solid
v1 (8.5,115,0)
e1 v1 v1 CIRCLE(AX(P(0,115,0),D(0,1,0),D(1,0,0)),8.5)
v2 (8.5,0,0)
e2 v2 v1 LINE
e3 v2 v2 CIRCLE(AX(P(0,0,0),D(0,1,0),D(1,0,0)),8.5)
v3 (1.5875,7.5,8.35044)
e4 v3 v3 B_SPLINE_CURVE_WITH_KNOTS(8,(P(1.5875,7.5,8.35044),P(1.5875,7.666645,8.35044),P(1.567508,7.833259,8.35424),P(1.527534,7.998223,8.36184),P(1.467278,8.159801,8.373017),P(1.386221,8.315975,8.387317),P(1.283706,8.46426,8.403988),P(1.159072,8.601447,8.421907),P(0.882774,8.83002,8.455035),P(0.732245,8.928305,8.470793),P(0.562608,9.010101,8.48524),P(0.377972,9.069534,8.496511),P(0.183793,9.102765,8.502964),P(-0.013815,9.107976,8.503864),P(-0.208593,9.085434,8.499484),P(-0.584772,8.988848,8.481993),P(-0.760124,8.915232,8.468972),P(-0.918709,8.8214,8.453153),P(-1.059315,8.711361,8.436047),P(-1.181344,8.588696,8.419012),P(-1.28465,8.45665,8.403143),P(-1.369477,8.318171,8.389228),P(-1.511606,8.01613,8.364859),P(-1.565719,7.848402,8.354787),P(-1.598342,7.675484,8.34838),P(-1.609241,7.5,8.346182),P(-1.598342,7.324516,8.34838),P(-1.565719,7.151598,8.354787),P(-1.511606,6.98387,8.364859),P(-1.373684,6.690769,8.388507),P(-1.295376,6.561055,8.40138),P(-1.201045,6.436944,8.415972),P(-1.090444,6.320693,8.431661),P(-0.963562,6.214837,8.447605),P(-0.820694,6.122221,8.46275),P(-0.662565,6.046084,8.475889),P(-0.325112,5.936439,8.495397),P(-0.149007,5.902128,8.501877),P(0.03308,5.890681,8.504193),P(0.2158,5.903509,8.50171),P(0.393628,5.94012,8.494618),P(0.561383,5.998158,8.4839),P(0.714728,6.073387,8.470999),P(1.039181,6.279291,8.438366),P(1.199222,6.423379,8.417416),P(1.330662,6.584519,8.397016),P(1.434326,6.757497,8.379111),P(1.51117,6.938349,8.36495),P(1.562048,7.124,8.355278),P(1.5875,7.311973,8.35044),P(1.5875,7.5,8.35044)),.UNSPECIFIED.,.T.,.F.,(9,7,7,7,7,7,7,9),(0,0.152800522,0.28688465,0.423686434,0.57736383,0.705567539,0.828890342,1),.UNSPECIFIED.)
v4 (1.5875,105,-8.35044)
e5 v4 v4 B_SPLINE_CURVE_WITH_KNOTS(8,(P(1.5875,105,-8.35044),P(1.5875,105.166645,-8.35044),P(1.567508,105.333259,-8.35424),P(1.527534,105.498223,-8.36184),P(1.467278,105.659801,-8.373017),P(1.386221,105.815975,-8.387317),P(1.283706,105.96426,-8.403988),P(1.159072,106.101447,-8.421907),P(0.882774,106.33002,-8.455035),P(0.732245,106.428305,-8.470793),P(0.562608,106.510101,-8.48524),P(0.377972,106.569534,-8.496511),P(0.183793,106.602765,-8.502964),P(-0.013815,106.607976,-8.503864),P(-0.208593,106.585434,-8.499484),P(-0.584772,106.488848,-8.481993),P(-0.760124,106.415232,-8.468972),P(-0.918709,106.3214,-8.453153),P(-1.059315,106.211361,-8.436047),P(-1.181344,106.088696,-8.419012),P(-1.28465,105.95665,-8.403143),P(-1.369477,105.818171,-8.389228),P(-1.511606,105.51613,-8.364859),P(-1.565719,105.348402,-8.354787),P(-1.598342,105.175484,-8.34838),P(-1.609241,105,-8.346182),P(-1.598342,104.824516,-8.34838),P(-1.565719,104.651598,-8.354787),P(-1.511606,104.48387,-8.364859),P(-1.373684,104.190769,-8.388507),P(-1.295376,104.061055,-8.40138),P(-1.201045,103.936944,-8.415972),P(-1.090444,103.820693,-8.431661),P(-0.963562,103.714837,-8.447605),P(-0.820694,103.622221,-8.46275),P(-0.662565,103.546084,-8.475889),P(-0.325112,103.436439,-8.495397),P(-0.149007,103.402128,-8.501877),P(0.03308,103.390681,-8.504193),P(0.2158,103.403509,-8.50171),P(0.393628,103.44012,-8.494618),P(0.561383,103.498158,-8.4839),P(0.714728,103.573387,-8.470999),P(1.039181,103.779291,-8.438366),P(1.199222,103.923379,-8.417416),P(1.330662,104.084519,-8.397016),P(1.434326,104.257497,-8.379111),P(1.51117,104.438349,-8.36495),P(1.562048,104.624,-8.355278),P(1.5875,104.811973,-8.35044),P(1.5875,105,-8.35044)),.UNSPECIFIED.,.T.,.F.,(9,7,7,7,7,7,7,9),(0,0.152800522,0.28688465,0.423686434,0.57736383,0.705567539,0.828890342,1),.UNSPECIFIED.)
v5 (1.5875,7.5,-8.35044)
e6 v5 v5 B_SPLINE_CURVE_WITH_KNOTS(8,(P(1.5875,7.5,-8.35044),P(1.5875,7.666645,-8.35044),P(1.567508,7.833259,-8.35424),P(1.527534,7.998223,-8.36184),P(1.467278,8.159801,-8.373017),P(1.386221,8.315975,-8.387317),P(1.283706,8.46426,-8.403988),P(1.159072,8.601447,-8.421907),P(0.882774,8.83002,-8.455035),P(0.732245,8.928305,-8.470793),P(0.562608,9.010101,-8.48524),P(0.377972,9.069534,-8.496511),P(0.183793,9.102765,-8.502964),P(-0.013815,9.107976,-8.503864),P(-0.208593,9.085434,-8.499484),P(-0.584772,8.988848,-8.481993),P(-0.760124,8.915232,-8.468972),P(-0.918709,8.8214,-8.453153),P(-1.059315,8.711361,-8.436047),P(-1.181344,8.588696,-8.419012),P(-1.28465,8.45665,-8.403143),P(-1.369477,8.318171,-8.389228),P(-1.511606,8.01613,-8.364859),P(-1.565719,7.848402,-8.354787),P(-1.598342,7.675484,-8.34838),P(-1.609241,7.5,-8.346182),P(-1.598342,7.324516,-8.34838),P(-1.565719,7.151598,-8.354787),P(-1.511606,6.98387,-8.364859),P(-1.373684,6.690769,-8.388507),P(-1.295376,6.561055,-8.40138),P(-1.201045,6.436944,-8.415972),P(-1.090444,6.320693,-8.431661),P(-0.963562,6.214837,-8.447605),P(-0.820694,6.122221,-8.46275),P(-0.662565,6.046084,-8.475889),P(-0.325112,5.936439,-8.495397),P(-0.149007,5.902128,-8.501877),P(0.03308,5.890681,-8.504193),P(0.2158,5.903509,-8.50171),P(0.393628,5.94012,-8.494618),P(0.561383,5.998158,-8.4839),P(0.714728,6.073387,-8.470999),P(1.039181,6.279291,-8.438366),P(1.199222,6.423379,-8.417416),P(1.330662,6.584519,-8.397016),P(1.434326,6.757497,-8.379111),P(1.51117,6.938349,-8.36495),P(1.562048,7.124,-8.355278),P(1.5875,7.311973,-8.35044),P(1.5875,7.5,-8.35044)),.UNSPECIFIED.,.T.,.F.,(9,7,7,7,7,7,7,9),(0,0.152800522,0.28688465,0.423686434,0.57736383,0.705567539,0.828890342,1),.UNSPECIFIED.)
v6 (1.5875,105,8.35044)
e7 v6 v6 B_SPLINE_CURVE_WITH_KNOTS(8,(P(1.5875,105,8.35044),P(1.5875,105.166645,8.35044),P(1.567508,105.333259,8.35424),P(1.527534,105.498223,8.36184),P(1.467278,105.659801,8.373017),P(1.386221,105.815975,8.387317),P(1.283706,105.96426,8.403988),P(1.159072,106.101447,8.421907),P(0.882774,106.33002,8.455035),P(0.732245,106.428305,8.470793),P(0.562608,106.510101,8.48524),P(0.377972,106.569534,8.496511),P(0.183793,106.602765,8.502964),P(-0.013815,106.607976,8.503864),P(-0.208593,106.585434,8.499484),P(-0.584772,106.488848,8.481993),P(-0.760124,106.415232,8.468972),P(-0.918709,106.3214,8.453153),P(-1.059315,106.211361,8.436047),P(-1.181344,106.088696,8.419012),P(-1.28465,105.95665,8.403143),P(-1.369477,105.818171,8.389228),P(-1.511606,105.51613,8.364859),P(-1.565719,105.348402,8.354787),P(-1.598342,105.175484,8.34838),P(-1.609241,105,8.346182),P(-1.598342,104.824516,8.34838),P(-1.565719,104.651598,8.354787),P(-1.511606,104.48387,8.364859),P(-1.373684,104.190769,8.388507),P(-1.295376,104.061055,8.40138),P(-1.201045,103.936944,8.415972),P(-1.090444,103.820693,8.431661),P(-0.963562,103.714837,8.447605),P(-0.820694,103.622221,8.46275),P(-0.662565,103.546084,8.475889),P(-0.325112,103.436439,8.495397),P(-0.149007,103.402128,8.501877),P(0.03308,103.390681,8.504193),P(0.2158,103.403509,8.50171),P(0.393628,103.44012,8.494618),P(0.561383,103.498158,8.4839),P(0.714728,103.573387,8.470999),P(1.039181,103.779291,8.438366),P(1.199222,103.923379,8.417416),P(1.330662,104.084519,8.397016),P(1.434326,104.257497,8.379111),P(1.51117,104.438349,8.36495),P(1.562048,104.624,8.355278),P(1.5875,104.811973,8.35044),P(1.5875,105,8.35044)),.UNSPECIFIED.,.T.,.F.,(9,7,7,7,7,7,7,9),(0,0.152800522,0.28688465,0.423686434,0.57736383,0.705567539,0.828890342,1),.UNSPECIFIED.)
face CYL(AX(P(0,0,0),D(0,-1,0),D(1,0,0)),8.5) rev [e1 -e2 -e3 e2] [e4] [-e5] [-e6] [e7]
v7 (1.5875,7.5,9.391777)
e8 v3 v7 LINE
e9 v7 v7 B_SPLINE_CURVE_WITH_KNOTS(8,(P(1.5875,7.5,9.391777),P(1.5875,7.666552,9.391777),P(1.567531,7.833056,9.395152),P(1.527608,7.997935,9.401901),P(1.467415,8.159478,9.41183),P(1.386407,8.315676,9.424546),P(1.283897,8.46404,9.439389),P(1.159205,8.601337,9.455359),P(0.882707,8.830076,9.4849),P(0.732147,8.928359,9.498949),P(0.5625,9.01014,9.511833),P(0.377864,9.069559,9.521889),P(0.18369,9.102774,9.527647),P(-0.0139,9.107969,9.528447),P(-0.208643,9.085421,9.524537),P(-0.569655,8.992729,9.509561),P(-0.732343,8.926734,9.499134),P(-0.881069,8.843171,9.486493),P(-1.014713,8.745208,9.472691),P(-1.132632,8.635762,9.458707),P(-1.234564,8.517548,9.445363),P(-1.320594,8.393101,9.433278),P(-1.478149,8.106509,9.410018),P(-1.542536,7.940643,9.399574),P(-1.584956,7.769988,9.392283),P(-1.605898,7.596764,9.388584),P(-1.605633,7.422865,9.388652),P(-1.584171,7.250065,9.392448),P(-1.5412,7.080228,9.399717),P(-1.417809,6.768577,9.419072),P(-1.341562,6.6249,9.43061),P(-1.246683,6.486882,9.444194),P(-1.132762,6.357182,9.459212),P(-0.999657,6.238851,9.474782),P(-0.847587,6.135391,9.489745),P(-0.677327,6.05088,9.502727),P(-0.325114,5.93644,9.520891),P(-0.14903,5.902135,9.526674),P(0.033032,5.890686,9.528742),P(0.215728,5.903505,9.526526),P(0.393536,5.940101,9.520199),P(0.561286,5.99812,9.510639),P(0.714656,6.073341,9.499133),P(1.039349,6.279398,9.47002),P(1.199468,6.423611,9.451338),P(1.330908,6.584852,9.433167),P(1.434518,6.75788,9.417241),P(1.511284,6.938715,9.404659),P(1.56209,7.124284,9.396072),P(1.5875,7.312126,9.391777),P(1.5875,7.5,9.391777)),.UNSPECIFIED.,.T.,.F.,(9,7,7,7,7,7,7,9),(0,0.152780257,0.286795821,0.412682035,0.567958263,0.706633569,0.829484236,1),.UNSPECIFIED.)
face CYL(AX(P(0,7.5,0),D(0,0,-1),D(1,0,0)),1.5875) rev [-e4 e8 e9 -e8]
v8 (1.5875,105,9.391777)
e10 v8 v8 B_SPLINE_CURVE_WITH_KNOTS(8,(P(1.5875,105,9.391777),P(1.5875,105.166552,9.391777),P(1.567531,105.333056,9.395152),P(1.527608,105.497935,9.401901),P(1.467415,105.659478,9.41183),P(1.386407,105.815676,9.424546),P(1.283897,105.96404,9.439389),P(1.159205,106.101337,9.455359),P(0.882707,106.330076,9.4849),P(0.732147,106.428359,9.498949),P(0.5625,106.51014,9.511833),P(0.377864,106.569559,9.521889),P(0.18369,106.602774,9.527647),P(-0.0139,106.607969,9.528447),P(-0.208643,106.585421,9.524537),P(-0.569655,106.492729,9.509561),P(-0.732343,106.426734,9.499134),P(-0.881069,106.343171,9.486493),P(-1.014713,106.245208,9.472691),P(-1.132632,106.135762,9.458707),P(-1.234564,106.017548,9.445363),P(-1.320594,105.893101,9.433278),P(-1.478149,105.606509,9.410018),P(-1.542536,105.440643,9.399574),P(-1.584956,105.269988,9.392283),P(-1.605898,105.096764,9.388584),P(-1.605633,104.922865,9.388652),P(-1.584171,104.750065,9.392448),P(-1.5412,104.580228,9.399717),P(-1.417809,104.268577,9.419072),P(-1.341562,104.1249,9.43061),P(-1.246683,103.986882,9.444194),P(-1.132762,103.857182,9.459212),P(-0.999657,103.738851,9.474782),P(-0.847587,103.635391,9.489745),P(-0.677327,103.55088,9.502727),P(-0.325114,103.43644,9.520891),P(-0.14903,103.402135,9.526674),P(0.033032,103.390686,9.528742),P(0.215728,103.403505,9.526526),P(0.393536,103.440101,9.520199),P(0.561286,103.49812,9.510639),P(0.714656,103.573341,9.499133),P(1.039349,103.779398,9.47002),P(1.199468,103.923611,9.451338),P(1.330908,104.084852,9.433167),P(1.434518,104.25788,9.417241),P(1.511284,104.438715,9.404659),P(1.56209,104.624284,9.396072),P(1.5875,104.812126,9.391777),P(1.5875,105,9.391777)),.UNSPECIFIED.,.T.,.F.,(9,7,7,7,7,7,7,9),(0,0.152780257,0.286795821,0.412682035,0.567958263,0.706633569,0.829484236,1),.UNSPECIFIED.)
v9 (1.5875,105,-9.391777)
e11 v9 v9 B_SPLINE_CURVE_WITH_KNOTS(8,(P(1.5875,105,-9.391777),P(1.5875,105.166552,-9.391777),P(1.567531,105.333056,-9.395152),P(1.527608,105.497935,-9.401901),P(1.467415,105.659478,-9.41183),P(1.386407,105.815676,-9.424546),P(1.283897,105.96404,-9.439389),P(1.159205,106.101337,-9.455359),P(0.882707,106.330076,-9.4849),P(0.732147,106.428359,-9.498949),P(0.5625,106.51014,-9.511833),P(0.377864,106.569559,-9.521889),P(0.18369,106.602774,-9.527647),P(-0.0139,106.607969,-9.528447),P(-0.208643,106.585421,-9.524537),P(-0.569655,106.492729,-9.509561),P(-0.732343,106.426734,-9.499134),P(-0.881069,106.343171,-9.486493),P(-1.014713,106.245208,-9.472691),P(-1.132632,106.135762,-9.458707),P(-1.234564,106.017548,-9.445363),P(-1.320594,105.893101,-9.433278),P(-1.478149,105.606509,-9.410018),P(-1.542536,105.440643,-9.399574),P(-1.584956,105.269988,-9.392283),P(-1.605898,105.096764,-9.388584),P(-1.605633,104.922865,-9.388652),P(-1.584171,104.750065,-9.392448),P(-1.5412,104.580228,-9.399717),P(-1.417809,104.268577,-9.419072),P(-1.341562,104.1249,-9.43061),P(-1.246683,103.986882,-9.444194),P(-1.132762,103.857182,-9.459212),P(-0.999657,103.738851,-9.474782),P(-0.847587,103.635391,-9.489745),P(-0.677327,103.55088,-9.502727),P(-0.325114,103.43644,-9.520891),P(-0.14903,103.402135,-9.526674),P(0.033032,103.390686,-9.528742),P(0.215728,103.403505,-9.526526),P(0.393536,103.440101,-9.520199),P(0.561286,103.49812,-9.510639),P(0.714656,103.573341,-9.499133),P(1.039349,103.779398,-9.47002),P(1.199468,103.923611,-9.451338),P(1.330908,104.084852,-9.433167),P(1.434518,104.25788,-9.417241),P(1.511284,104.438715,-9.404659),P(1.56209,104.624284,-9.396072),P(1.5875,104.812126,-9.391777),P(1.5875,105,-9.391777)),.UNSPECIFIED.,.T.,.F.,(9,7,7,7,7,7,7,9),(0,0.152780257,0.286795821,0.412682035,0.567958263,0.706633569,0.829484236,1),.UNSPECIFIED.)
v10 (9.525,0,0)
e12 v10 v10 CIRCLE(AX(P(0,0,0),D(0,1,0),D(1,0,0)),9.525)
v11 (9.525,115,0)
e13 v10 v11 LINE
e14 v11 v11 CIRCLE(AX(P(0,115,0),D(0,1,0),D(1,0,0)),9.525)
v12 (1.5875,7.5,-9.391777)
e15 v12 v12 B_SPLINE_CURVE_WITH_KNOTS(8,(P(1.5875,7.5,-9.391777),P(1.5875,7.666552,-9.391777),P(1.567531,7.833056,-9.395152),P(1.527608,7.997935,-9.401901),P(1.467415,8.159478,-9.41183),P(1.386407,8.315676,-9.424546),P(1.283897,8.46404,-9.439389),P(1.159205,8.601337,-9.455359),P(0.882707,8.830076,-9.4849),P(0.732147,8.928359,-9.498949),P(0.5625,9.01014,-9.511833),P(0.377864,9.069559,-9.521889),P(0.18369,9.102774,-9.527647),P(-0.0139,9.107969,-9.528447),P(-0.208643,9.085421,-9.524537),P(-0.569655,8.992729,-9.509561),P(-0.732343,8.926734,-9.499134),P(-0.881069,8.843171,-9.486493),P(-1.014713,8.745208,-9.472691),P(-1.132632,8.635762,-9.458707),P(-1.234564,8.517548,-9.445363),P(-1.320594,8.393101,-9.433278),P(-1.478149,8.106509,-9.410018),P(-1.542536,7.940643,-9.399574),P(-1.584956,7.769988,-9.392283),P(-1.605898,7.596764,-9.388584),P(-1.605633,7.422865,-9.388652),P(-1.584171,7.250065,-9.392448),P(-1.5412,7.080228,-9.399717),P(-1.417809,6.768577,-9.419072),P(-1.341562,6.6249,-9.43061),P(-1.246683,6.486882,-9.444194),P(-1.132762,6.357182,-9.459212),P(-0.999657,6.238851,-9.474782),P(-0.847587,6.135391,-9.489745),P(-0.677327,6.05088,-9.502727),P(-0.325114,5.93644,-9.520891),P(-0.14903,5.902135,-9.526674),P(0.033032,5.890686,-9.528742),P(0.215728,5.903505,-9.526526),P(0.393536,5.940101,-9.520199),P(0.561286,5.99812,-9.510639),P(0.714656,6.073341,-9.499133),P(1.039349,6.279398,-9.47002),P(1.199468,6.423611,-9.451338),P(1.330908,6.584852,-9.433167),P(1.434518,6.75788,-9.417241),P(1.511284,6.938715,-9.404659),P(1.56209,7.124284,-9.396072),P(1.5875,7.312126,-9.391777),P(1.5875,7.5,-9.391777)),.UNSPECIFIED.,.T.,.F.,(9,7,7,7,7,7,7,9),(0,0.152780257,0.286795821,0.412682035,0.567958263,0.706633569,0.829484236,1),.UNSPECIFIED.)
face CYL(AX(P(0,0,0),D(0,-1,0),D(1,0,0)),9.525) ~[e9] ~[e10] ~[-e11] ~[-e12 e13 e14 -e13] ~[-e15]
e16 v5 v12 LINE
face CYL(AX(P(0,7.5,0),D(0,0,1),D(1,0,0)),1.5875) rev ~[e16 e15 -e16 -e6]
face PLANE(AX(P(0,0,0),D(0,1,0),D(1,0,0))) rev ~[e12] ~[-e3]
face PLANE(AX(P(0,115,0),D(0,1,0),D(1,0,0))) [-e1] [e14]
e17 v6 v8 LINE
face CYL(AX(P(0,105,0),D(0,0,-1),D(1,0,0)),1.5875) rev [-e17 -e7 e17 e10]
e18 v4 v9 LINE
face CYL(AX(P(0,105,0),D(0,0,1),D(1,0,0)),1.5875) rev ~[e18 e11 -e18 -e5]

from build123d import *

# Parameters (mm, degrees)
CROQUIS2_R                 = 9.525
CROQUIS2_R_2               = 8.5
SALIENTE_EXTRUIR1_DEPTH    = 115
CROQUIS3_R                 = 1.5875
CORTAR_EXTRUIR1_DEPTH      = 10.525
CORTAR_EXTRUIR1_DEPTH_BACK = 10.525


with BuildPart() as part:
    # Croquis2 → Saliente-Extruir1 (new body)
    with BuildSketch(Plane(origin=(0, 0, 0), x_dir=(1, 0, 0), z_dir=(0, 1, 0))):
        Circle(CROQUIS2_R)
        Circle(CROQUIS2_R_2, mode=Mode.SUBTRACT)
    extrude(amount=SALIENTE_EXTRUIR1_DEPTH)

    # Croquis3 → Cortar-Extruir1 (cut, two sides)
    with BuildSketch(Plane.XY) as cortar_extruir1_sk:
        with Locations((0, 105)):
            Circle(CROQUIS3_R)
        with Locations((0, 7.5)):
            Circle(CROQUIS3_R)
    extrude(amount=CORTAR_EXTRUIR1_DEPTH, mode=Mode.SUBTRACT)
    extrude(cortar_extruir1_sk.sketch, amount=-CORTAR_EXTRUIR1_DEPTH_BACK, mode=Mode.SUBTRACT)


solid = part.part
